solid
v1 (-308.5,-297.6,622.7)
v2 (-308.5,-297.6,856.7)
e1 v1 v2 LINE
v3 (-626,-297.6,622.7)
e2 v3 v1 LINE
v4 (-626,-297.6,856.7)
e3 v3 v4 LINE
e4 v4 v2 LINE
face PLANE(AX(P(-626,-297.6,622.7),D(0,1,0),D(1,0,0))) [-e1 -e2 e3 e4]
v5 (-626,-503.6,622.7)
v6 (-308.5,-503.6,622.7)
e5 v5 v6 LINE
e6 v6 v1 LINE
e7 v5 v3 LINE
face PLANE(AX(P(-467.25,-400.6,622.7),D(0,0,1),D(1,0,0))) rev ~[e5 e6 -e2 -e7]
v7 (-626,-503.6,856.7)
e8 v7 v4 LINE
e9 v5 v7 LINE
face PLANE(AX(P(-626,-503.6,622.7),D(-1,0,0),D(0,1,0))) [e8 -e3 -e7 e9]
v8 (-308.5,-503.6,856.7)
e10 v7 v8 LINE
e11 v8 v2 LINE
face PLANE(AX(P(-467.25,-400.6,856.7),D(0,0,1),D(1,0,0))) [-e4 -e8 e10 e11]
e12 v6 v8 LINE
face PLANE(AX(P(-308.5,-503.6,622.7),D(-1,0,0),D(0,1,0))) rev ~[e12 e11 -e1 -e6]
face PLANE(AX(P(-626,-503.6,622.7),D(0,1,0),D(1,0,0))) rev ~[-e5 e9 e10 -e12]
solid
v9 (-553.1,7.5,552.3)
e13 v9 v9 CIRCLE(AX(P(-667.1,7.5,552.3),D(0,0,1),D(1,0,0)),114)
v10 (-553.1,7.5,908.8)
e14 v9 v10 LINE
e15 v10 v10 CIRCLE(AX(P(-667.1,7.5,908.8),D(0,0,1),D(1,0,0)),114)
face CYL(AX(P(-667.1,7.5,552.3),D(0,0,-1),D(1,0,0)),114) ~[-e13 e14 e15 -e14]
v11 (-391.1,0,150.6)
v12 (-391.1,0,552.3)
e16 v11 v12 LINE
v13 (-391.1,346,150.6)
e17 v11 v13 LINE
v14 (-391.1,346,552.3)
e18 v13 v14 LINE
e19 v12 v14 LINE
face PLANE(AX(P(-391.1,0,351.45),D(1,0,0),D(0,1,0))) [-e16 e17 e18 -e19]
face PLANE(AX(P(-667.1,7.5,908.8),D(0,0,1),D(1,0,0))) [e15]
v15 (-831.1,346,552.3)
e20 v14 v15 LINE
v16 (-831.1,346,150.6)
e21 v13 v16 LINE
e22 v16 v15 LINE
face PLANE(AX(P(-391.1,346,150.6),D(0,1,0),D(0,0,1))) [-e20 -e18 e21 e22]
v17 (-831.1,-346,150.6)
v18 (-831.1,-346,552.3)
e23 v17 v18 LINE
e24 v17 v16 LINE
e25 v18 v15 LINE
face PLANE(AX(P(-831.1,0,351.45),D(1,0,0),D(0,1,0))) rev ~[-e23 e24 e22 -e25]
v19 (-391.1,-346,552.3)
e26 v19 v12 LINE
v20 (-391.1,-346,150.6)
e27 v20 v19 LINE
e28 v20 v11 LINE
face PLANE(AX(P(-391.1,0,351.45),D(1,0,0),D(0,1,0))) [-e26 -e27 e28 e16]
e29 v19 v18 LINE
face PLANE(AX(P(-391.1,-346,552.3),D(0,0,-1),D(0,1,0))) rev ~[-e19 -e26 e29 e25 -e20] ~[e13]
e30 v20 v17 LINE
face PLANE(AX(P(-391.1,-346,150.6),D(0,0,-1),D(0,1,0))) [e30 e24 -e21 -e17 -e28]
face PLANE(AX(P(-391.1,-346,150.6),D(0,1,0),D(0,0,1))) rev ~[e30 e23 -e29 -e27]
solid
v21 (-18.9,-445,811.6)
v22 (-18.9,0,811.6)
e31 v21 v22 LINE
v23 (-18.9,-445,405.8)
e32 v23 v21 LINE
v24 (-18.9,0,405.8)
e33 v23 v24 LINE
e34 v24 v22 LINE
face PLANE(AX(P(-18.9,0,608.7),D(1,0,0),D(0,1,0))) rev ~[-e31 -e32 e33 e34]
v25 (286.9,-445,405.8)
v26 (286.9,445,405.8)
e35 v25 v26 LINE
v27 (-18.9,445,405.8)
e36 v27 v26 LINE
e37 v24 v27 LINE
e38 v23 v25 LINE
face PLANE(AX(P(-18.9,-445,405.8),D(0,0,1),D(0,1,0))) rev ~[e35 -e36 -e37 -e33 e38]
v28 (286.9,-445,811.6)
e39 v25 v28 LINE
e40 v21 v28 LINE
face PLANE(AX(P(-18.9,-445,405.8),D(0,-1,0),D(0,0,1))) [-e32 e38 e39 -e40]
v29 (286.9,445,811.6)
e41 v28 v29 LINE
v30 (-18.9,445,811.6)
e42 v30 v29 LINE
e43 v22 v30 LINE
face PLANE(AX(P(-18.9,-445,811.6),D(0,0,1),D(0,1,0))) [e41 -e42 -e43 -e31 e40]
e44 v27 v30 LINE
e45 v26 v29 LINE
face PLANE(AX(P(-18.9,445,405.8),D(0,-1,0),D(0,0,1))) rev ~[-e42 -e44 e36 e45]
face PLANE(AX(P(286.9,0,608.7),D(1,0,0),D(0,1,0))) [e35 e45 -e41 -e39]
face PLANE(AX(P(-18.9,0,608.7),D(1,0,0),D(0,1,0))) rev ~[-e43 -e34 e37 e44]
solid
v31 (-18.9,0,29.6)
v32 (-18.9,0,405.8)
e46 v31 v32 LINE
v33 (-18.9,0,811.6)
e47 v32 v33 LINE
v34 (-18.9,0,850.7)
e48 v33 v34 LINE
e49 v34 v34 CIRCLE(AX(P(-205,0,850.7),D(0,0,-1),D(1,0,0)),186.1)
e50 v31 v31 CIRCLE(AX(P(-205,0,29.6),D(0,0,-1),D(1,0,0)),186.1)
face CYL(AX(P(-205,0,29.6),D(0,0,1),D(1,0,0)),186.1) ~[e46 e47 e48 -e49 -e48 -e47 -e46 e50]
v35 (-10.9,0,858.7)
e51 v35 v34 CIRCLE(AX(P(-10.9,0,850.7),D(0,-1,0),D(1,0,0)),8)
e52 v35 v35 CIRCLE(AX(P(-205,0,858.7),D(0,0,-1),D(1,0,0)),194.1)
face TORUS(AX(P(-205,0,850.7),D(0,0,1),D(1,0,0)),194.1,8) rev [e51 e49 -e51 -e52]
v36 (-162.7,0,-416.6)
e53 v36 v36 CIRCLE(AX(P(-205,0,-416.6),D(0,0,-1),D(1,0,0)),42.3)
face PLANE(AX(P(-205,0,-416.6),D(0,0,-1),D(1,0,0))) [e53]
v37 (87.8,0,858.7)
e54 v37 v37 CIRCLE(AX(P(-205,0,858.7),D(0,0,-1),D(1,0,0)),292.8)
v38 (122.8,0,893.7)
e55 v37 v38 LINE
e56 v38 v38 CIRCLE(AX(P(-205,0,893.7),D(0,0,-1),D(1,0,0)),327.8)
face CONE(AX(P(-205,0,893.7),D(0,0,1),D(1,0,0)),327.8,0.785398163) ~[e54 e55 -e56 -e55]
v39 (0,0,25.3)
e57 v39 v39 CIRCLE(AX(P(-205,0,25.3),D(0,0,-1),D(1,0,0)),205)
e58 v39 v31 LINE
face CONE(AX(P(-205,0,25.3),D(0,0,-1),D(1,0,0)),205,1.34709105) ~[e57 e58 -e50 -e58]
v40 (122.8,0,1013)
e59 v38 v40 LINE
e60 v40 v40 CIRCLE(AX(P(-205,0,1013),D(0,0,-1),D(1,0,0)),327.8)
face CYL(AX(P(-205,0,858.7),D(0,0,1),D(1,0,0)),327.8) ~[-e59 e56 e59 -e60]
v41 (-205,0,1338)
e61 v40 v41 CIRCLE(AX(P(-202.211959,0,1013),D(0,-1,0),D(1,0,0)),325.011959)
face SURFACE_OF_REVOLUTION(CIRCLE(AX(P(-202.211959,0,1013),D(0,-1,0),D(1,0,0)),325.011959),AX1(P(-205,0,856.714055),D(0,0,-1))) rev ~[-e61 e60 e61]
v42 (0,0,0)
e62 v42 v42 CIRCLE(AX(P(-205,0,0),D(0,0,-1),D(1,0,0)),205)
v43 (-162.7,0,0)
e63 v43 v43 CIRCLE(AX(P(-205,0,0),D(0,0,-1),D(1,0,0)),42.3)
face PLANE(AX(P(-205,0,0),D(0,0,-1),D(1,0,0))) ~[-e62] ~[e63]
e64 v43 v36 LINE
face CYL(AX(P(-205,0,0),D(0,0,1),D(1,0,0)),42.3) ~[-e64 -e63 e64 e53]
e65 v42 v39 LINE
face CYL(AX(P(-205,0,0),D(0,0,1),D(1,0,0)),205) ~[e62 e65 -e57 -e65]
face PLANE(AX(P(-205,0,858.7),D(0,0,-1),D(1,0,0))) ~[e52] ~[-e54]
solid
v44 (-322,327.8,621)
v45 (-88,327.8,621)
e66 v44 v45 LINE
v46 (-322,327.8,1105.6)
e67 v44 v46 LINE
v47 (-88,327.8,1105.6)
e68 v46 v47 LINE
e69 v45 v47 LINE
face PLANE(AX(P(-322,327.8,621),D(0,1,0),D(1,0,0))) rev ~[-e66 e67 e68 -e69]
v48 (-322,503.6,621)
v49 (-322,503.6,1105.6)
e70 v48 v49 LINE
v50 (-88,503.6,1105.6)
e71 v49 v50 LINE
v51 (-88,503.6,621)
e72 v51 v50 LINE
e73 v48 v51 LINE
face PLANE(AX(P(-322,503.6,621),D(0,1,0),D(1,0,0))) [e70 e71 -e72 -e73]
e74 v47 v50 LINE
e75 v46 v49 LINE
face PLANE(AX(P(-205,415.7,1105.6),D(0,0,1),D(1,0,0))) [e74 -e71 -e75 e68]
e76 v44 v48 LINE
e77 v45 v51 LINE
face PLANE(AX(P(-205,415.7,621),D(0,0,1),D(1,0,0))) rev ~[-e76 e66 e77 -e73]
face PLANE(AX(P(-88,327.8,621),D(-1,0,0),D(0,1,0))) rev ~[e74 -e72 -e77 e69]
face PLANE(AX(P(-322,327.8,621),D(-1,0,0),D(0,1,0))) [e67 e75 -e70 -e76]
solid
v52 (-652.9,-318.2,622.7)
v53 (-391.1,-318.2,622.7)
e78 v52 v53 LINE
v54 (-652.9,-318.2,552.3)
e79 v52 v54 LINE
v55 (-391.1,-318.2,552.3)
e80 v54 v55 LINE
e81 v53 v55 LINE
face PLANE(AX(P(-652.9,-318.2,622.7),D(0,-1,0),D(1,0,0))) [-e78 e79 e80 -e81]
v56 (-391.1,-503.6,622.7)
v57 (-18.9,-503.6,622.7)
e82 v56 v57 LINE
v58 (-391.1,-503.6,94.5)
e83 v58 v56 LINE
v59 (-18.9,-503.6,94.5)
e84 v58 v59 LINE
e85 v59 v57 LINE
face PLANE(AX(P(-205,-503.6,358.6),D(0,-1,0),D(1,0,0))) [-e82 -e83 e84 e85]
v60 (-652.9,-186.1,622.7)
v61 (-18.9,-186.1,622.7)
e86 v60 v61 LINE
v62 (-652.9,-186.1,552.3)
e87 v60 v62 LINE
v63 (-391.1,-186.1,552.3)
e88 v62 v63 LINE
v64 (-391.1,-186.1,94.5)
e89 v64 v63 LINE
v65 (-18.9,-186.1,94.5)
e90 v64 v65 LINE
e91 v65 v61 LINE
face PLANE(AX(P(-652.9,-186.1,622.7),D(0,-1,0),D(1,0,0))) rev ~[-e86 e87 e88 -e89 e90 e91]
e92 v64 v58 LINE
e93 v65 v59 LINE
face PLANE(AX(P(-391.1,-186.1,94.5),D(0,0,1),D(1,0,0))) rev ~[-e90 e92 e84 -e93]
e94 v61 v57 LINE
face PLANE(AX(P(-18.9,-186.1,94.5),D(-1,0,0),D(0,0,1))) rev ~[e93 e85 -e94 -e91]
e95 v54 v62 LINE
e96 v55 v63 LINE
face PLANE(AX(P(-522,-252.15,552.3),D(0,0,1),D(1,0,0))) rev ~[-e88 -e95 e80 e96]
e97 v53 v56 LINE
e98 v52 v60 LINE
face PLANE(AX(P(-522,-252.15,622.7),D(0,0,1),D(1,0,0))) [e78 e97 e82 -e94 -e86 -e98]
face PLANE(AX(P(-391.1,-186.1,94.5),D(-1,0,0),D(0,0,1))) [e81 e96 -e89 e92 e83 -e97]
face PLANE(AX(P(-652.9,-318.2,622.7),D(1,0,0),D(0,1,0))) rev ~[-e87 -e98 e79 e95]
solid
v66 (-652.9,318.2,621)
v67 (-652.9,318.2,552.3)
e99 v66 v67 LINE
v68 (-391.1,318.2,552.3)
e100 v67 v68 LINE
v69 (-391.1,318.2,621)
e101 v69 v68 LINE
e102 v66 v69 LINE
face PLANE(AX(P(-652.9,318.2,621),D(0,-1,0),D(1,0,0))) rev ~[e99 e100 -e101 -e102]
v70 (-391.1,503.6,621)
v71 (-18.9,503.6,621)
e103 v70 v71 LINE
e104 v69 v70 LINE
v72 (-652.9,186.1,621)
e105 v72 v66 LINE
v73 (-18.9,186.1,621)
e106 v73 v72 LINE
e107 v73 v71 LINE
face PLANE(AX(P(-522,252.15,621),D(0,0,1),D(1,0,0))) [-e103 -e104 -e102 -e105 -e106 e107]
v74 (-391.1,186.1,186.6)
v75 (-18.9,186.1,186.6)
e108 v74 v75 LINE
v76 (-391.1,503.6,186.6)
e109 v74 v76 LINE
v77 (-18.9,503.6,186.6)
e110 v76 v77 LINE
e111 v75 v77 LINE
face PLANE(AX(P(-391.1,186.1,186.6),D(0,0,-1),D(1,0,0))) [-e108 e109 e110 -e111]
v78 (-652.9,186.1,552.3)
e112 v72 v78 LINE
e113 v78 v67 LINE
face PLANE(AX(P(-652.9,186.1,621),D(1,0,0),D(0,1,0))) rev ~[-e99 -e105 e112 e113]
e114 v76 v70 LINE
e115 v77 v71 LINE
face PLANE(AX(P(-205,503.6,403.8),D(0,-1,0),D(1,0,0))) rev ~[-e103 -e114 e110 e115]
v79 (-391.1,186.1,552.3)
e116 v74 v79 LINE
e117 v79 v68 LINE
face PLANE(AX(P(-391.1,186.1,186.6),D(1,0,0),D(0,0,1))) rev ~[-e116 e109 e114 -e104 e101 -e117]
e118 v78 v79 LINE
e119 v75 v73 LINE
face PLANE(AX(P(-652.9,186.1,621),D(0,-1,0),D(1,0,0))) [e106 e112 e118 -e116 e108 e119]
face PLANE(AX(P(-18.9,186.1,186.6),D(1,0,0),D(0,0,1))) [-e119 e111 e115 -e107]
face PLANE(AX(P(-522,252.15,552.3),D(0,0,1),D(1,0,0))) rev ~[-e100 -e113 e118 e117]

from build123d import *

# Parameters (mm, degrees)
F2_SIZE   = 35
F3_R      = 8
F4_R      = 42.3
F5_DEPTH  = 416.6
F7_W      = 890
F7_H      = 405.8
F8_DEPTH  = 305.8
F10_W     = 692
F10_H     = 401.7
F11_DEPTH = 440
F12_R     = 114
F13_DEPTH = 356.5
F15_W     = 372.2
F15_H     = 528.2
F16_DEPTH = 317.5
F18_W     = 372.2
F18_H     = 434.4
F19_DEPTH = 317.5
F20_W     = 234
F20_H     = 175.8
F21_DEPTH = 484.6
F22_W     = 317.5
F22_H     = 206
F23_DEPTH = 234
F24_W     = 261.8
F24_H     = 132.1
F25_DEPTH = 68.7
F26_W     = 261.8
F26_H     = 132.1
F27_DEPTH = 70.4


with BuildPart() as f1:
    # F0 (on Front) → F1 (revolve)
    with BuildSketch(Plane.XZ):
        with BuildLine():
            Line((-205, 0), (0, 0))
            Line((0, 0), (0, 25.3))
            Line((0, 25.3), (-18.9, 29.6))
            Line((-18.9, 29.6), (-18.9, 858.7))
            Line((-18.9, 858.7), (122.8, 858.7))
            Line((122.8, 858.7), (122.8, 1013))
            ThreePointArc((122.8, 1013), (26.6183567342, 1243.801776423), (-205, 1338))
            Line((-205, 1338), (-205, 0))
        make_face()
    revolve(axis=Axis((-205, 0, 856.7140548392), (0, 0, -1)))

    # F2
    f2_edges = [f1.edges().sort_by_distance(p)[0] for p in [
        (-532.8, 0, 858.7),
    ]]
    chamfer(f2_edges, length=F2_SIZE)

    # F3
    f3_edges = [f1.edges().sort_by_distance(p)[0] for p in [
        (-391.1, 0, 858.7),
    ]]
    fillet(f3_edges, radius=F3_R)

    # F4 (on face) → F5 (join)
    with BuildSketch(Plane(origin=(0, 0, 0), x_dir=(1, 0, 0), z_dir=(0, 0, -1))):
        with Locations((-205, 0)):
            Circle(F4_R)
    extrude(amount=F5_DEPTH)

    # F7 (on offset) → F8 (join)
    with BuildSketch(Plane.YZ.offset(-18.9)):
        with Locations((0, 608.7)):
            Rectangle(F7_W, F7_H)
    extrude(amount=F8_DEPTH)

    # F10 (on offset) → F11 (join)
    with BuildSketch(Plane.YZ.offset(-391.1)):
        with Locations((0, 351.45)):
            Rectangle(F10_W, F10_H)
    extrude(amount=-F11_DEPTH)

    # F12 (on face) → F13 (join)
    with BuildSketch(Plane.XY.offset(552.3)):
        with Locations((-667.1, 7.5)):
            Circle(F12_R)
    extrude(amount=F13_DEPTH)


with BuildPart() as f16:
    # F15 (on offset) → F16 (new body)
    with BuildSketch(Plane.XZ.offset(186.1)):
        with Locations((-205, 358.6)):
            Rectangle(F15_W, F15_H)
    extrude(amount=F16_DEPTH)

    # F26 (on face) → F27 (join, through all)
    with BuildSketch(Plane.XY.offset(622.7)):
        with Locations((-522, -252.15)):
            Rectangle(F26_W, F26_H)
    extrude(amount=-F27_DEPTH)


with BuildPart() as f19:
    # F18 (on offset) → F19 (new body)
    with BuildSketch(Plane.XZ.offset(-186.1)):
        with Locations((-205, 403.8)):
            Rectangle(F18_W, F18_H)
    extrude(amount=-F19_DEPTH)

    # F24 (on face) → F25 (join, through all)
    with BuildSketch(Plane.XY.offset(621)):
        with Locations((-522, 252.15)):
            Rectangle(F24_W, F24_H)
    extrude(amount=-F25_DEPTH)


with BuildPart() as f21:
    # F20 (on face) → F21 (new body)
    with BuildSketch(Plane.XY.offset(621)):
        with Locations((-205, 415.7)):
            Rectangle(F20_W, F20_H)
    extrude(amount=F21_DEPTH)


with BuildPart() as f23:
    # F22 (on face) → F23 (new body)
    with BuildSketch(Plane.XY.offset(622.7)):
        with Locations((-467.25, -400.6)):
            Rectangle(F22_W, F22_H)
    extrude(amount=F23_DEPTH)


solid = Compound([f1.part, f16.part, f19.part, f21.part, f23.part])
